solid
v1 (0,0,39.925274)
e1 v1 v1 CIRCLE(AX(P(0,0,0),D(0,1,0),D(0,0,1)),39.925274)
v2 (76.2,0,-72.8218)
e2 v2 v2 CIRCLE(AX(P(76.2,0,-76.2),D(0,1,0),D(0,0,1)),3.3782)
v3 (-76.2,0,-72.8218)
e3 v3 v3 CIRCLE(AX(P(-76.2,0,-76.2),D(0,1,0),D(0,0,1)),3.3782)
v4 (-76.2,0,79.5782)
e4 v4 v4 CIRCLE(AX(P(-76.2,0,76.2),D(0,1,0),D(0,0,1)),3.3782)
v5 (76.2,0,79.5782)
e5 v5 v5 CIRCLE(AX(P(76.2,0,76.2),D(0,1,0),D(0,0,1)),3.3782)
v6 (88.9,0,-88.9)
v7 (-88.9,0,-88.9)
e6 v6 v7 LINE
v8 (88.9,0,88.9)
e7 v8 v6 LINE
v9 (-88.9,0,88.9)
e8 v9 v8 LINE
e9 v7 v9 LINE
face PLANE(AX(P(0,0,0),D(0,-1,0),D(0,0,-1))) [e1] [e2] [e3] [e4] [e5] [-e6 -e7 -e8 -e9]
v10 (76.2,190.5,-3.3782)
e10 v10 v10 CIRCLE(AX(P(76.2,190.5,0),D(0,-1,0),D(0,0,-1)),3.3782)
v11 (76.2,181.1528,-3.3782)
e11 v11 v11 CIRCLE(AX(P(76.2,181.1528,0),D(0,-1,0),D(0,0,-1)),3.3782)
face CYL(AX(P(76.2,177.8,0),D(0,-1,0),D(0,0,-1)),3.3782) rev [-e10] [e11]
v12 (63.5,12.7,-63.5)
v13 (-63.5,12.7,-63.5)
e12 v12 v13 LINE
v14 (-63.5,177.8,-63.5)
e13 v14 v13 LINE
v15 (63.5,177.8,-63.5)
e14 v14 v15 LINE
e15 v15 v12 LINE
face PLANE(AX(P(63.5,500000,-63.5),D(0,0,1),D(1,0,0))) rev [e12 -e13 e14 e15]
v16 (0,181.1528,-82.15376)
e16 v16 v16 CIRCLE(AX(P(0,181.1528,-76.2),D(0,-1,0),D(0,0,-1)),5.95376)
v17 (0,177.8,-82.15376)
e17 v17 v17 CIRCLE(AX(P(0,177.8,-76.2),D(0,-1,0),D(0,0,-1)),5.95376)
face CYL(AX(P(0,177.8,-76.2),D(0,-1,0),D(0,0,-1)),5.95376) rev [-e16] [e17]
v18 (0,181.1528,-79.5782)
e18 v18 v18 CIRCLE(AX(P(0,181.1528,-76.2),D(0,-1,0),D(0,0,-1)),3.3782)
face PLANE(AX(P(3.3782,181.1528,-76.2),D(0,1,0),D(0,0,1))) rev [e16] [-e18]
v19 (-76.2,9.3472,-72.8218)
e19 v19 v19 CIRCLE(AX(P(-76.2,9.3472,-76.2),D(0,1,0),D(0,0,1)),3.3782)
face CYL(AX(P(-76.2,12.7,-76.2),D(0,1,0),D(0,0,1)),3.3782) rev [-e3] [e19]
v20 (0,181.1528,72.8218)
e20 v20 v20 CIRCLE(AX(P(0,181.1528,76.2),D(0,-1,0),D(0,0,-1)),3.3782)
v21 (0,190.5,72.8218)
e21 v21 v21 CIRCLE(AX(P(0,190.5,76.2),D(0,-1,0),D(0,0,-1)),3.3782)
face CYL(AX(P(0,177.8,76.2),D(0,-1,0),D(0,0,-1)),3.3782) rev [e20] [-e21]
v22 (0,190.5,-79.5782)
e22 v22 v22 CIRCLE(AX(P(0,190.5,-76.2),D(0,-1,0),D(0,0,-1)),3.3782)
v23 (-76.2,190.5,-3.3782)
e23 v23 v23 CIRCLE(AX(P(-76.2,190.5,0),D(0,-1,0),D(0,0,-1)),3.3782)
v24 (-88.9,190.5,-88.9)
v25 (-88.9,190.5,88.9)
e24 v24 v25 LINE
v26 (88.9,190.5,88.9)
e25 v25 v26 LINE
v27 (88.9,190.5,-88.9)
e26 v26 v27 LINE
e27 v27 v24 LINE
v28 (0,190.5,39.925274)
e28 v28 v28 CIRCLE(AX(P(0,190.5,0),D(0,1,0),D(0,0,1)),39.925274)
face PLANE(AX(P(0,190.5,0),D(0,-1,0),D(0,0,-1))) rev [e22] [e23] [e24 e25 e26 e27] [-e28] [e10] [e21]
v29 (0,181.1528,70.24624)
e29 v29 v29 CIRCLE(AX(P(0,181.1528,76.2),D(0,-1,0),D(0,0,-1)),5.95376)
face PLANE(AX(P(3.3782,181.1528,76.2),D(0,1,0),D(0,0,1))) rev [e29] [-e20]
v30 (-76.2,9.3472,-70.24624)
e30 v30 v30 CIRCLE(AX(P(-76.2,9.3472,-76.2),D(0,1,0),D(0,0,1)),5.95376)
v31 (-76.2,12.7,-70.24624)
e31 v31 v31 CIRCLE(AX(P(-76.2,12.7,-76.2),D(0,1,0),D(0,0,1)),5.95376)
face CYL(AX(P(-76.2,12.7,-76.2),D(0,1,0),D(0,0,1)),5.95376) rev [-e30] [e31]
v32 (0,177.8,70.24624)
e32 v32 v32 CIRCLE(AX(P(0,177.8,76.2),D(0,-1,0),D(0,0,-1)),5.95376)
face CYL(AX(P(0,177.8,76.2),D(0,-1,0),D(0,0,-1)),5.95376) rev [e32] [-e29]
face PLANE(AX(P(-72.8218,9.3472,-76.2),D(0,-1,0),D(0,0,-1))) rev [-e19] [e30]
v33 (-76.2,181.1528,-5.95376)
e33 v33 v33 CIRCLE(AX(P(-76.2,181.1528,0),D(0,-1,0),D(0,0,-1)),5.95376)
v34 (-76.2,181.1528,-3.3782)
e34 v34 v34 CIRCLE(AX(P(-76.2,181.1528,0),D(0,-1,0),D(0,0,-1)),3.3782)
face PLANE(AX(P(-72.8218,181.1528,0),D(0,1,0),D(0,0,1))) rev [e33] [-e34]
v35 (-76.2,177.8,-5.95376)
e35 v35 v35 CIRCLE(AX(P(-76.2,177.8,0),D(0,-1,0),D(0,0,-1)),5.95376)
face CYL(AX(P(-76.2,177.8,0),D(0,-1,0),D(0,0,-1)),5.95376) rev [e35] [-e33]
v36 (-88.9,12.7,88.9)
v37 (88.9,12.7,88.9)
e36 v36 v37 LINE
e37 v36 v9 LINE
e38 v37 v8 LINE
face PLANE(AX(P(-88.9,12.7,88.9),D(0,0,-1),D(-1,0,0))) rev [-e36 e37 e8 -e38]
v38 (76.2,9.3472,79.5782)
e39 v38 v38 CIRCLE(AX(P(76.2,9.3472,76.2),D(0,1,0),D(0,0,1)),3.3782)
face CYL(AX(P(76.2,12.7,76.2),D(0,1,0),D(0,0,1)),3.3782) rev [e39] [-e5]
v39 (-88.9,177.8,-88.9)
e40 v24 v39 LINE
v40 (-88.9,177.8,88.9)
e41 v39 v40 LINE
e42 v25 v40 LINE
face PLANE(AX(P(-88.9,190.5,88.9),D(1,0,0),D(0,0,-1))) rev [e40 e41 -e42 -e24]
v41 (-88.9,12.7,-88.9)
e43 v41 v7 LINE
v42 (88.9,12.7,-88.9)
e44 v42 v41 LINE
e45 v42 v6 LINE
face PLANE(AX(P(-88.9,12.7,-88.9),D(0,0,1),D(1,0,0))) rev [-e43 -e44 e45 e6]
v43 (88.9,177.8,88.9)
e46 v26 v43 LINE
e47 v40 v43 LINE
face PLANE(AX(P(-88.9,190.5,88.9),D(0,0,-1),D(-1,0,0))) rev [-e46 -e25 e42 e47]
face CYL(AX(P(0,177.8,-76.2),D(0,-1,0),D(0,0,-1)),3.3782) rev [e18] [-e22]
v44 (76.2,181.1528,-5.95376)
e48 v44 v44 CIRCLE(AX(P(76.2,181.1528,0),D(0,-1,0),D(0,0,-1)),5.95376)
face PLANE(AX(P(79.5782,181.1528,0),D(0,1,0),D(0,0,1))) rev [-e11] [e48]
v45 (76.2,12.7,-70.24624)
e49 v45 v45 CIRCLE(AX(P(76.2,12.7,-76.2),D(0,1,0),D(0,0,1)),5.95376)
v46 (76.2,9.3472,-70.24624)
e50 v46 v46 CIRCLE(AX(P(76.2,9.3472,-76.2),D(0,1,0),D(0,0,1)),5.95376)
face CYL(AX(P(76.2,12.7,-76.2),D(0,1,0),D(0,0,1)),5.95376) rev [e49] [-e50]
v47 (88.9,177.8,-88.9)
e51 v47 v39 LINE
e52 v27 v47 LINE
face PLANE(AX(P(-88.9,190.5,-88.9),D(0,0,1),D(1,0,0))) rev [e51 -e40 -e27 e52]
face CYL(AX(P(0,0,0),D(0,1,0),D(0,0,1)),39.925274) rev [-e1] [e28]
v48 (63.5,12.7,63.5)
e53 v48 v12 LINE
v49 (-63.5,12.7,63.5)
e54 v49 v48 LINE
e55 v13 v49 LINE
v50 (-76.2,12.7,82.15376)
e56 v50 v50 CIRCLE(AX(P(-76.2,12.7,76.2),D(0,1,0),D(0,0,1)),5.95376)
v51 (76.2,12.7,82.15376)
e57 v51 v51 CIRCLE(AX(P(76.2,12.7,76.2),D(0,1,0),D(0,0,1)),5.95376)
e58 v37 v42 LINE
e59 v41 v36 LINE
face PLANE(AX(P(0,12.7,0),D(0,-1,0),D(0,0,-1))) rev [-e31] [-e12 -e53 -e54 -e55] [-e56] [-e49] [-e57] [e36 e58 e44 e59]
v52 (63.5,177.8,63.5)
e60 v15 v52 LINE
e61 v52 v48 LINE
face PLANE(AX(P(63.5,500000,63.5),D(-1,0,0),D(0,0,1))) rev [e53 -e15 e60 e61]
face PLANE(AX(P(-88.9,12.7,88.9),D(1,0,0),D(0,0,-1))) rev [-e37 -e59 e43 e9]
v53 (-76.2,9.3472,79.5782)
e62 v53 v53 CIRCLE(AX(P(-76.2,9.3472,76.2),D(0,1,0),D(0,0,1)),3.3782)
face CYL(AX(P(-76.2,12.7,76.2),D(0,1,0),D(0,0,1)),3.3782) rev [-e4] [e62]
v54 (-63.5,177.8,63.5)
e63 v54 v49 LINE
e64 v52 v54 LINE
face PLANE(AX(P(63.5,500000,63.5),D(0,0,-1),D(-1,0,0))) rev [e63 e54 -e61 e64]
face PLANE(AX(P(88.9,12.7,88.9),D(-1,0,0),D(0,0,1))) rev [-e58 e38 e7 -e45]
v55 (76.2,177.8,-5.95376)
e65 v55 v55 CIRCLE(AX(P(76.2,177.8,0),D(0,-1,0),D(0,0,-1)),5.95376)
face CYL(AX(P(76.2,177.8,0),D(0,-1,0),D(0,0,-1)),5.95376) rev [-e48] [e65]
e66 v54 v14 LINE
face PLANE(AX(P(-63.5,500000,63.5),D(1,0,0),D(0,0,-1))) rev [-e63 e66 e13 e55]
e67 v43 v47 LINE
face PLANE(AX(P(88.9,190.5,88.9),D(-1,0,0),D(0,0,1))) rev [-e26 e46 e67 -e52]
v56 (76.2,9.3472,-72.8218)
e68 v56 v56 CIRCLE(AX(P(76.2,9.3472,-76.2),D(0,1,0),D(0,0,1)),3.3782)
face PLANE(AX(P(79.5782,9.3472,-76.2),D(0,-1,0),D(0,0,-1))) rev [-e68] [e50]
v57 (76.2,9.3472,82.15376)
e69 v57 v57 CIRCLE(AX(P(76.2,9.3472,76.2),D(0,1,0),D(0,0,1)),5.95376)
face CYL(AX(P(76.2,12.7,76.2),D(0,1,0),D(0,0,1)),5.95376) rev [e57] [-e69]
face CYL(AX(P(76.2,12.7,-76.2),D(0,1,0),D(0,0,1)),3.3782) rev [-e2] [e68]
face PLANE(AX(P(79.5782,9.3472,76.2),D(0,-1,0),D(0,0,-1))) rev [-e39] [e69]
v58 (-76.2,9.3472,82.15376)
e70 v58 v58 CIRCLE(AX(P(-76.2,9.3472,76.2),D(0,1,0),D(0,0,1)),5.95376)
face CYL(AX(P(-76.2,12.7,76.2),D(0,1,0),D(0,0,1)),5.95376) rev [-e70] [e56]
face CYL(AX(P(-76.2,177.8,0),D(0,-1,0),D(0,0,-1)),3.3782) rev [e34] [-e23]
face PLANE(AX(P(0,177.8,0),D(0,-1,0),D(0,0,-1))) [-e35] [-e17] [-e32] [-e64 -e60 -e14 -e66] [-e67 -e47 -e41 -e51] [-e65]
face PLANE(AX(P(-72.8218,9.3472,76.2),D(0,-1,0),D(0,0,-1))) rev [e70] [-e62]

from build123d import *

# Parameters (mm, degrees)
SKETCH1_W           = 177.8
SKETCH1_H           = 177.8
BOSS_EXTRUDE1_DEPTH = 12.7
LPATTERN1_COUNT     = 2
LPATTERN1_PITCH     = 177.8
CIRPATTERN1_COUNT   = 4
CIRPATTERN2_COUNT   = 4
BOSS_EXTRUDE2_REACH = 219.76
SKETCH11_W          = 127
SKETCH11_H          = 127
SKETCH12_R          = 39.925273759
CUT_EXTRUDE1_DEPTH  = 229.246949596


with BuildPart() as part:
    # Sketch1 → Boss-Extrude1 (new body)
    with BuildSketch(Plane(origin=(0, 0, 0), x_dir=(1, 0, 0), z_dir=(0, 1, 0))):
        Rectangle(SKETCH1_W, SKETCH1_H)
    extrude(amount=BOSS_EXTRUDE1_DEPTH)


with BuildPart() as lpattern1_1:
    # LPattern1: pattern copy
    add(part.part.moved(Location(Vector(0, 1, 0) * (1 * LPATTERN1_PITCH))))

    # Sketch10 → CBORE for 1/4 Button Head Cap Screw2 (revolve, cut)
    with BuildSketch(Plane(origin=(76.2, 177.8, 0), x_dir=(0, 0, -1), z_dir=(1, 0, 0))):
        Polygon((0, 0), (0, 12.7), (3.3782, 12.7), (3.3782, 3.3528), (5.95376, 3.3528), (5.95376, 0), align=None)
    cbore_for_1_4_button_head_cap_screw2 = revolve(axis=Axis((76.2, 171.45, 0), (0, 1, 0)), mode=Mode.SUBTRACT)

    # CirPattern2: CBORE for 1/4 Button Head Cap Screw2 ×4 about axis
    cirpattern2_axis = Axis((0, -0.635, 0), (0, 1, 0))
    for i in range(1, CIRPATTERN2_COUNT):
        add(cbore_for_1_4_button_head_cap_screw2.rotate(cirpattern2_axis, i * 360 / CIRPATTERN2_COUNT), mode=Mode.SUBTRACT)

    # Sketch11 → Boss-Extrude2 (add, up to next)
    with BuildSketch(Plane(origin=(0, 12.7, 0), x_dir=(1, 0, 0), z_dir=(0, 1, 0)), mode=Mode.PRIVATE) as boss_extrude2_sk1:
        Rectangle(SKETCH11_W, SKETCH11_H)
    boss_extrude2_tool1 = extrude(boss_extrude2_sk1.sketch, amount=BOSS_EXTRUDE2_REACH, mode=Mode.PRIVATE) - lpattern1_1.part


with BuildPart() as part_1:
    add(part.part)

    # Sketch5 → CBORE for 1/4 Button Head Cap Screw1 (revolve, cut)
    with BuildSketch(Plane(origin=(76.2, 12.7, -76.2), x_dir=(0, 0, 1), z_dir=(1, 0, 0))):
        Polygon((0, 0), (0, 12.7), (3.3782, 12.7), (3.3782, 3.3528), (5.95376, 3.3528), (5.95376, 0), align=None)
    cbore_for_1_4_button_head_cap_screw1 = revolve(axis=Axis((76.2, 19.05, -76.2), (0, -1, 0)), mode=Mode.SUBTRACT)

    # CirPattern1: CBORE for 1/4 Button Head Cap Screw1 ×4 about axis
    cirpattern1_axis = Axis((0, -0.635, 0), (0, 1, 0))
    for i in range(1, CIRPATTERN1_COUNT):
        add(cbore_for_1_4_button_head_cap_screw1.rotate(cirpattern1_axis, i * 360 / CIRPATTERN1_COUNT), mode=Mode.SUBTRACT)


with BuildPart() as lpattern1_1_1:
    add(lpattern1_1.part)

    add(part_1.part)  # Boss-Extrude2 merges part
    add(boss_extrude2_tool1.solids().sort_by_distance((0, 12.7, 0))[0])

    # Sketch12 → Cut-Extrude1 (cut, through all)
    with BuildSketch(Plane(origin=(0, 190.5, 0), x_dir=(1, 0, 0), z_dir=(0, 1, 0))):
        Circle(SKETCH12_R)
    extrude(amount=-CUT_EXTRUDE1_DEPTH, mode=Mode.SUBTRACT)


solid = lpattern1_1_1.part
